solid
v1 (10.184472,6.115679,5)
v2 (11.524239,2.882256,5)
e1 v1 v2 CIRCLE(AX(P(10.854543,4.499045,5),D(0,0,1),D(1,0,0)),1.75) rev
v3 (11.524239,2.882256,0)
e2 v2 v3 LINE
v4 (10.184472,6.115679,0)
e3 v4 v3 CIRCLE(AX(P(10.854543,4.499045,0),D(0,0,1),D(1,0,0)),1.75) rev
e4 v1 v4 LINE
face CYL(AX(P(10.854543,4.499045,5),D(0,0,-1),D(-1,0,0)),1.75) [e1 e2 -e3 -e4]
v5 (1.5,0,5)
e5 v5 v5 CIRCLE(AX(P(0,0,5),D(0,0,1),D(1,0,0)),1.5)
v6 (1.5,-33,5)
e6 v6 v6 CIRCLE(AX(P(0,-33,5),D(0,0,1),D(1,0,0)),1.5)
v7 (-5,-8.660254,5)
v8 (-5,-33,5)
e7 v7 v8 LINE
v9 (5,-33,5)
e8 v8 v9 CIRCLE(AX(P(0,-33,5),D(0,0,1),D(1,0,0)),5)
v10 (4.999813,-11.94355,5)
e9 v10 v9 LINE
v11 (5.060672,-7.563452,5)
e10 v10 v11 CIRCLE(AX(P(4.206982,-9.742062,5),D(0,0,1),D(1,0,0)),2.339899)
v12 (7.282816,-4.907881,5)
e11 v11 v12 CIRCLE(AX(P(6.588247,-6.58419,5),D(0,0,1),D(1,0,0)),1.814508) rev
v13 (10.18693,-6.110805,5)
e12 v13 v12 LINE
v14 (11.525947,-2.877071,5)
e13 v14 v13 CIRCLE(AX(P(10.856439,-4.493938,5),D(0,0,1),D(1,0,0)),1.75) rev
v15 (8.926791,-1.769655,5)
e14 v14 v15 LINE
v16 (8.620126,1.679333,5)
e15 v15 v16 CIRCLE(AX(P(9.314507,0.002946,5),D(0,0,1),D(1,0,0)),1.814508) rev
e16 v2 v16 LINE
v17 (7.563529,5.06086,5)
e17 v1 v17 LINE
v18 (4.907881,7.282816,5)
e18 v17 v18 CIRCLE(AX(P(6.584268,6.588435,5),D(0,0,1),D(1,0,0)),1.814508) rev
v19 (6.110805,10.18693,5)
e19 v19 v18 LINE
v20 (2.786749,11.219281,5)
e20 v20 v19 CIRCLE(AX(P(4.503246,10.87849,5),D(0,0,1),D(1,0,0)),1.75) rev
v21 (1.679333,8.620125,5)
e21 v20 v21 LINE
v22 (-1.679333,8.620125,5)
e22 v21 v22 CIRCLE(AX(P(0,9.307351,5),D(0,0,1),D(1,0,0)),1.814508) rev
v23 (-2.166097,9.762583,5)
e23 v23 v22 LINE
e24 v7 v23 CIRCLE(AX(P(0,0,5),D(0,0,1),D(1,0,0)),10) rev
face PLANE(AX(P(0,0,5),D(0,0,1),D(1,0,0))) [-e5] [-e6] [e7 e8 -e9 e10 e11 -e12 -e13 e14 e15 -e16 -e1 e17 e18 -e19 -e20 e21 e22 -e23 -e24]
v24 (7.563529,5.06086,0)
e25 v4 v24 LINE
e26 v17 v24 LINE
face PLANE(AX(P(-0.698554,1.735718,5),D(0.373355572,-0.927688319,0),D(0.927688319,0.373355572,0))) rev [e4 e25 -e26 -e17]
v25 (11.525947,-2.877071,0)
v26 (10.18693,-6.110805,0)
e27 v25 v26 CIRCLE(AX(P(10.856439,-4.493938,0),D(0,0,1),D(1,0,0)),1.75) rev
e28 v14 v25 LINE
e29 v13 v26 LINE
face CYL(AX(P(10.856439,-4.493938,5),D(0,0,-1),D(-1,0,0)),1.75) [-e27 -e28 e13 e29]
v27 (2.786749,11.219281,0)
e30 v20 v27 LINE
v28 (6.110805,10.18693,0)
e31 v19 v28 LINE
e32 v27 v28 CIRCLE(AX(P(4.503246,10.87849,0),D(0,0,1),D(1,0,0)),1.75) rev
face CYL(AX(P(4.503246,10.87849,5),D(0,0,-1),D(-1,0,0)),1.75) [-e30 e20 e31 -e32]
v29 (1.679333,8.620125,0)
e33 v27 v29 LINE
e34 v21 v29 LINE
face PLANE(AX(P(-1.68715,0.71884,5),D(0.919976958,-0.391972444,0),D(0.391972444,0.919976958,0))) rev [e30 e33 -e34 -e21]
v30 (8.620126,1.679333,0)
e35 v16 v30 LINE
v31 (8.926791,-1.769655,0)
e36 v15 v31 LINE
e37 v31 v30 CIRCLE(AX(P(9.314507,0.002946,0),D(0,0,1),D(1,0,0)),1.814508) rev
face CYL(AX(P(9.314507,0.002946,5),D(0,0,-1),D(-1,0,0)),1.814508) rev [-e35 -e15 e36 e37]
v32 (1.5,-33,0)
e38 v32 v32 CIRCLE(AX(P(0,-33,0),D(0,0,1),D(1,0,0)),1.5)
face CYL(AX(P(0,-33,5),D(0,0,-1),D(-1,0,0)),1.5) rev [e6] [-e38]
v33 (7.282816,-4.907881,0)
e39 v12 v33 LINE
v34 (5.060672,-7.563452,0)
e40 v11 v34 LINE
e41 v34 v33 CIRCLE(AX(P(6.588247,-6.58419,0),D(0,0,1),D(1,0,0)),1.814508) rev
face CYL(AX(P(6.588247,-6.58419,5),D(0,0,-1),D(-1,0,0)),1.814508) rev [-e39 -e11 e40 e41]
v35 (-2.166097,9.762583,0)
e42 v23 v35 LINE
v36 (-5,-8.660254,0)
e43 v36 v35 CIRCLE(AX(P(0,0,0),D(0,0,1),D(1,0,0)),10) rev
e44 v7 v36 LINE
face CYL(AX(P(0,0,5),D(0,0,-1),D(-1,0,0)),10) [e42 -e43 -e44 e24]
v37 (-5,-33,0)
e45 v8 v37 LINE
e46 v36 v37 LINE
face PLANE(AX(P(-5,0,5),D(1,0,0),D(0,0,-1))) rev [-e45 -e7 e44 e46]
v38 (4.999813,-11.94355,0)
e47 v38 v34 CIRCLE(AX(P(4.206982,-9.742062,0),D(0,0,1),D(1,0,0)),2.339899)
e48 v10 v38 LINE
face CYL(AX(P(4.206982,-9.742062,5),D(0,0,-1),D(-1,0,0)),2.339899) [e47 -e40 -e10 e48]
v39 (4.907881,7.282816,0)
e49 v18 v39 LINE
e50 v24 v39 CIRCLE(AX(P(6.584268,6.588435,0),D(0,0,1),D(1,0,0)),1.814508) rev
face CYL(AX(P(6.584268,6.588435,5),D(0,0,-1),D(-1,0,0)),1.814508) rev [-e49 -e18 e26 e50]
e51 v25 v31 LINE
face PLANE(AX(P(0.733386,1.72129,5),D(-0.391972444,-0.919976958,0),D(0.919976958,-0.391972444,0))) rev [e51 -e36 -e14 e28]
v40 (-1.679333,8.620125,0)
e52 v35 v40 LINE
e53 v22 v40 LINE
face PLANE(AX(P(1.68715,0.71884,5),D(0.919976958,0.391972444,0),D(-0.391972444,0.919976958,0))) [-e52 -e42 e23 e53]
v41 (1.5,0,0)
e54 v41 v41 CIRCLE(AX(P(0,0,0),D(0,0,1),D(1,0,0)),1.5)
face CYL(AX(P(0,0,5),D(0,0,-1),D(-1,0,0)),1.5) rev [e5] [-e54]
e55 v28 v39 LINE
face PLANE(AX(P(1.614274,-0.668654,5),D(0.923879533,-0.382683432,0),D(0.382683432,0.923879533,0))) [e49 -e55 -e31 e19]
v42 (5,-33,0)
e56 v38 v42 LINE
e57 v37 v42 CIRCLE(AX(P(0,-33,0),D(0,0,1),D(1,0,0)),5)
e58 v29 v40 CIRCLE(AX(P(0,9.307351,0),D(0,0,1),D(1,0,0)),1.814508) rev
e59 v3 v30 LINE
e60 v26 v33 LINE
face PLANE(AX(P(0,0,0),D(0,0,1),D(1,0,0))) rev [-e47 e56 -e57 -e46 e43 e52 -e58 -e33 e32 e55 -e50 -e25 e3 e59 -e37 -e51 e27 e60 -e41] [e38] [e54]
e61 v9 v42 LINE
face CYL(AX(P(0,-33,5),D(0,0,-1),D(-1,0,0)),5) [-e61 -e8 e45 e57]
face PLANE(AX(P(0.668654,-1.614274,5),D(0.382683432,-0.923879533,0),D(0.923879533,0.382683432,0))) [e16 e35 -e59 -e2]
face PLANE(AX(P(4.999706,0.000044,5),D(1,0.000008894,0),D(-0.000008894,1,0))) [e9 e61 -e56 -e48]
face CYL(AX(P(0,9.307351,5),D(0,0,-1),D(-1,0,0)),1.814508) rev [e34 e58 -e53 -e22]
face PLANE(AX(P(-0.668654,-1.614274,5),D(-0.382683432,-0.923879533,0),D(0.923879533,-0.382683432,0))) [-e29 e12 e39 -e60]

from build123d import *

# Parameters (mm, degrees)
SKETCH2_R           = 1.5
BOSS_EXTRUDE1_DEPTH = 5


with BuildPart() as part:
    # Sketch2 → Boss-Extrude1 (new body)
    with BuildSketch(Plane.XY):
        with BuildLine():
            Line((2.786749194, 11.219281361), (1.679332735, 8.620125122))
            ThreePointArc((1.679332735, 8.620125122), (0, 7.492843349), (-1.679332735, 8.620125122))
            Line((-1.679332735, 8.620125122), (-2.166097038, 9.762582836))
            ThreePointArc((-2.166097038, 9.762582836), (-9.883747584, 1.52037288), (-5, -8.660254038))
            Line((-5, -8.660254038), (-5, -33))
            ThreePointArc((-5, -33), (0, -38), (5, -32.999999999))
            Line((5, -32.999999999), (4.999812723, -11.943549515))
            ThreePointArc((4.999812723, -11.943549515), (6.546655646, -9.774570585), (5.060672488, -7.563451711))
            ThreePointArc((5.060672488, -7.563451711), (5.196669714, -5.419737645), (7.282816493, -4.907881363))
            Line((7.282816493, -4.907881363), (10.186929901, -6.110804524))
            ThreePointArc((10.186929901, -6.110804524), (12.473305355, -5.163446511), (11.525947342, -2.877071058))
            Line((11.525947342, -2.877071058), (8.926791103, -1.769654599))
            ThreePointArc((8.926791103, -1.769654599), (7.507129847, -0.157755799), (8.620125937, 1.679333073))
            Line((8.620125937, 1.679333073), (11.524239345, 2.882256233))
            ThreePointArc((11.524239345, 2.882256233), (12.471253953, 5.168928764), (10.18447198, 6.11567907))
            Line((10.18447198, 6.11567907), (7.56352929, 5.060859756))
            ThreePointArc((7.56352929, 5.060859756), (5.419892956, 5.196791944), (4.907881363, 7.282816493))
            Line((4.907881363, 7.282816493), (6.110804524, 10.186929901))
            ThreePointArc((6.110804524, 10.186929901), (5.022287729, 12.549745986), (2.786749194, 11.219281361))
        make_face()
        with Locations((0, -33)):
            Circle(SKETCH2_R, mode=Mode.SUBTRACT)
        Circle(SKETCH2_R, mode=Mode.SUBTRACT)
    extrude(amount=BOSS_EXTRUDE1_DEPTH)


solid = part.part
